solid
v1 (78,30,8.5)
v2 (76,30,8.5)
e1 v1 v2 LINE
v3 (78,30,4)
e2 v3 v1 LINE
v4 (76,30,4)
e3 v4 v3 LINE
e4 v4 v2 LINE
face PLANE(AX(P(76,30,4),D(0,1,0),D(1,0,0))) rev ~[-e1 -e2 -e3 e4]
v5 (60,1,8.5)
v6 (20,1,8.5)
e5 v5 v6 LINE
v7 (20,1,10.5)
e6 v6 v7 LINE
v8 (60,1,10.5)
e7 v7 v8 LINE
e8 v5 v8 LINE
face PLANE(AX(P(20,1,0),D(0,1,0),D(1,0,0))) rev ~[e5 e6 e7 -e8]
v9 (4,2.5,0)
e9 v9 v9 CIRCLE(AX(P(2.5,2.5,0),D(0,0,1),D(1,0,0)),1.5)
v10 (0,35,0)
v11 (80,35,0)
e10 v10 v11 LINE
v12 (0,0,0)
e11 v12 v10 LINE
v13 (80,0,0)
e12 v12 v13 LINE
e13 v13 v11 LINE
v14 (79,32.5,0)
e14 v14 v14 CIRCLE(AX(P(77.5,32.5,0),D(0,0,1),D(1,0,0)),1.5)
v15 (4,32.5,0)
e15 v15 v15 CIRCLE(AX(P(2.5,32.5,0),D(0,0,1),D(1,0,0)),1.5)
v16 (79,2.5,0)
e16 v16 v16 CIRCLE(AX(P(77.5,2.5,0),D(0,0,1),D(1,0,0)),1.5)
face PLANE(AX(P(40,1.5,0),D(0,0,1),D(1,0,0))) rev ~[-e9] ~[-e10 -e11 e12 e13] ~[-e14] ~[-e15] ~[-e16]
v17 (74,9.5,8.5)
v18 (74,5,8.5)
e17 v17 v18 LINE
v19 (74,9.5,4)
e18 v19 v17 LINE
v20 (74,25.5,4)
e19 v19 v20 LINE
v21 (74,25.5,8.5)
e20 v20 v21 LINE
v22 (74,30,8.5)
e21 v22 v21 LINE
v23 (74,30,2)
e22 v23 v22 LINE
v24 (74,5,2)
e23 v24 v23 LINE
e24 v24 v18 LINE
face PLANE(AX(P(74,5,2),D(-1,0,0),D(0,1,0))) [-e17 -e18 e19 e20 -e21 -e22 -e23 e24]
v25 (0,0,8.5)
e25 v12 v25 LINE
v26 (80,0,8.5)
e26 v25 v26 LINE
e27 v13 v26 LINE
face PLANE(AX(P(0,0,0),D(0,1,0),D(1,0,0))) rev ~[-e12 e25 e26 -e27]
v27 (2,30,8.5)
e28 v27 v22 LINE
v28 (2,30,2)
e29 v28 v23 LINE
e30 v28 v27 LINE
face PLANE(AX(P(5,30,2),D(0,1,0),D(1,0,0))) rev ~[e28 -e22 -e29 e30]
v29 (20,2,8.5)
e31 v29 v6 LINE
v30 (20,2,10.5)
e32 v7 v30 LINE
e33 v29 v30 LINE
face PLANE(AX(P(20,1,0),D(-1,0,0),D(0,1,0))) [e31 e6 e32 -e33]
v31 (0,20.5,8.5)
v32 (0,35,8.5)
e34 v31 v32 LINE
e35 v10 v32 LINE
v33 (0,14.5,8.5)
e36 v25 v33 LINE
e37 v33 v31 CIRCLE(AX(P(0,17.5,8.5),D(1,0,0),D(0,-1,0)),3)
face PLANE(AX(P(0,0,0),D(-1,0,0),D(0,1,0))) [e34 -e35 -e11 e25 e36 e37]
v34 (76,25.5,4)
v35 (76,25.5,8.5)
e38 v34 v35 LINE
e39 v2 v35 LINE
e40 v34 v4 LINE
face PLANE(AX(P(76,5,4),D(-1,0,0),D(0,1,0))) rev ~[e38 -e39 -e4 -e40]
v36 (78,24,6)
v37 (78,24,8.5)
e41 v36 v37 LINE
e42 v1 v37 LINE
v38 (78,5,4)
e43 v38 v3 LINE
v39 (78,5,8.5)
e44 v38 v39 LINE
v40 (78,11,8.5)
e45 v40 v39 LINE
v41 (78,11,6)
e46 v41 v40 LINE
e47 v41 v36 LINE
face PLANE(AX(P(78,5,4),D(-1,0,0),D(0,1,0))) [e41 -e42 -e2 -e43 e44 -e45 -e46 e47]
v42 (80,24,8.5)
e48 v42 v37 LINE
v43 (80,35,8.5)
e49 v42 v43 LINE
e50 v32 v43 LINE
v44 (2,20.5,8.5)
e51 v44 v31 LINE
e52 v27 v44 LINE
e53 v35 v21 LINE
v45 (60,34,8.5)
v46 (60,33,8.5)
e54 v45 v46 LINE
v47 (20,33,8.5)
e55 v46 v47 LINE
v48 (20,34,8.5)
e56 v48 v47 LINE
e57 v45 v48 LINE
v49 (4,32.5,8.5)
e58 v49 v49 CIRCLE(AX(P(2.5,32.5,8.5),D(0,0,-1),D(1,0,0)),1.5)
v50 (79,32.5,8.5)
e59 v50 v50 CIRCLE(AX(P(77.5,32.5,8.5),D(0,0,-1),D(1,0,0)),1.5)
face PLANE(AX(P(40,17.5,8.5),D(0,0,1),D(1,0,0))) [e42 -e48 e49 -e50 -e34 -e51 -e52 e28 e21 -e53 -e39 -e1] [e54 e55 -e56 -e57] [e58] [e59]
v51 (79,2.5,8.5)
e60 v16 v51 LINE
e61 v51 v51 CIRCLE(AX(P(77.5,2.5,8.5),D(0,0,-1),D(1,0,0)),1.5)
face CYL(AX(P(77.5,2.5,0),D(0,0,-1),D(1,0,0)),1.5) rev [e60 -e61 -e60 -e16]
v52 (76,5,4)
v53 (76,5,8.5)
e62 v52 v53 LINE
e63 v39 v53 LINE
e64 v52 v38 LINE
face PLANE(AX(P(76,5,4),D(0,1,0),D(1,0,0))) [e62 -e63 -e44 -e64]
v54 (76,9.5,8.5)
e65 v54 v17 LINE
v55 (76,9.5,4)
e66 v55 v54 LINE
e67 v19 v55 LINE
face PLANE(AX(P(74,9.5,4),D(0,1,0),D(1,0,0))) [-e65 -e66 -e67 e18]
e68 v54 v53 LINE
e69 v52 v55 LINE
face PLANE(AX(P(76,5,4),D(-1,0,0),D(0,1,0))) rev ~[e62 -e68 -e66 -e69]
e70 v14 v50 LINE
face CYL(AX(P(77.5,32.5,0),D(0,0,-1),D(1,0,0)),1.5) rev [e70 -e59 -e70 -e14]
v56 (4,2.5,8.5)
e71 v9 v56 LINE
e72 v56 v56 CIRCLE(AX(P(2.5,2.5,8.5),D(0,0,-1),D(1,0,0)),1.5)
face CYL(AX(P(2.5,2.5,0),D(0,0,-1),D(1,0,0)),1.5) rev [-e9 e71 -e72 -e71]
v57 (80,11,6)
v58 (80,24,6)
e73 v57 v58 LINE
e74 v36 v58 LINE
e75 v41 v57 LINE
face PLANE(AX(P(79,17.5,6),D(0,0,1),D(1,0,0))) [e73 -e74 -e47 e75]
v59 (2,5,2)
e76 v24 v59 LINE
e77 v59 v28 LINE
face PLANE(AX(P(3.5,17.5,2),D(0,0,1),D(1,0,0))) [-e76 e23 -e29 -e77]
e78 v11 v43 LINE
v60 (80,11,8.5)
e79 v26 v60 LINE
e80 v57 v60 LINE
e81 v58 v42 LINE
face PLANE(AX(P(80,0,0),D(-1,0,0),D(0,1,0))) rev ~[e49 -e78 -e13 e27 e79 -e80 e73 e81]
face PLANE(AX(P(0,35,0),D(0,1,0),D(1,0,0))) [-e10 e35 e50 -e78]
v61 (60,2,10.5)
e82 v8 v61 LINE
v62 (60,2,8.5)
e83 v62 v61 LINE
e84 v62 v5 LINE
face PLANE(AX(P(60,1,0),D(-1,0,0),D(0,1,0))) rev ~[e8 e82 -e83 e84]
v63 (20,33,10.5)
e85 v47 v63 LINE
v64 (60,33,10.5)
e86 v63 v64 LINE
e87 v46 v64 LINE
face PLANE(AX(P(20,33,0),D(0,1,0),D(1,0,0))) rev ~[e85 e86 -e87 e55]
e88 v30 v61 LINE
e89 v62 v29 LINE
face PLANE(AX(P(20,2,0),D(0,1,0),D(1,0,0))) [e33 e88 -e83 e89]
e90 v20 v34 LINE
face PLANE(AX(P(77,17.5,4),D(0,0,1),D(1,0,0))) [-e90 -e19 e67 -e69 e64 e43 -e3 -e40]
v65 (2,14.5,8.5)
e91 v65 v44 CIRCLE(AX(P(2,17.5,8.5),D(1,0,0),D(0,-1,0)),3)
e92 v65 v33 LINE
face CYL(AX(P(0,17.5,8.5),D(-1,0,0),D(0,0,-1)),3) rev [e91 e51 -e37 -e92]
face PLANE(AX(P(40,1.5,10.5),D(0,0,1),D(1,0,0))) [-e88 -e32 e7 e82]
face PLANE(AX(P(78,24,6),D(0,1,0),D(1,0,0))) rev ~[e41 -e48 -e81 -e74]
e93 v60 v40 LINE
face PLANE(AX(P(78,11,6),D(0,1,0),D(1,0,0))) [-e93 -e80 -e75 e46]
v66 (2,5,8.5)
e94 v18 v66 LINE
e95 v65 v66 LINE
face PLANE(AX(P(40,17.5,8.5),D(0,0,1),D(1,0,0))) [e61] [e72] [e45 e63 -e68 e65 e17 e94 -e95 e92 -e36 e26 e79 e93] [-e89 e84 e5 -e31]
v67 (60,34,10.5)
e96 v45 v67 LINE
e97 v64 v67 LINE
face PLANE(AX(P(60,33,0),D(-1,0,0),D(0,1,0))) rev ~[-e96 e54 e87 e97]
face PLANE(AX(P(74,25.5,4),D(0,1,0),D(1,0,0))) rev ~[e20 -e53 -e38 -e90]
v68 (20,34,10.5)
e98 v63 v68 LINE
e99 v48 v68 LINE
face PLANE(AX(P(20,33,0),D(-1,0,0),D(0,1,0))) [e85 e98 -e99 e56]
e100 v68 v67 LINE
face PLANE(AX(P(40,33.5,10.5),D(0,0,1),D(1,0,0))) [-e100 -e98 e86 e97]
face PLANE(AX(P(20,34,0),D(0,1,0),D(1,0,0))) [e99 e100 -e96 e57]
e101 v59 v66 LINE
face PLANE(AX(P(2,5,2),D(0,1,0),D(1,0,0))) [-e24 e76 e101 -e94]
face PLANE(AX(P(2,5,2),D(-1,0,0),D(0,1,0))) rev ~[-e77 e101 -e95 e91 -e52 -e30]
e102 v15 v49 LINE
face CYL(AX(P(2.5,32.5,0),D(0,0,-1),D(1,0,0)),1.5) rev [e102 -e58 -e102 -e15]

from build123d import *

# Parameters (mm, degrees)
CYLINDER004_R        = 1.5
CYLINDER004_DEPTH    = 10
CYLINDER003_R        = 1.5
CYLINDER003_DEPTH    = 10
CYLINDER002_R        = 1.5
CYLINDER002_DEPTH    = 10
CYLINDER001_R        = 1.5
CYLINDER001_DEPTH    = 10
BOX007_W             = 40
BOX007_H             = 1
BOX007_DEPTH         = 10.5
BOX006_W             = 40
BOX006_H             = 1
BOX006_DEPTH         = 10.5
BOX005_W             = 3
BOX005_H             = 25
BOX005_DEPTH         = 10
BOX004_W             = 2
BOX004_H             = 16
BOX004_DEPTH         = 9
BOX003_W             = 2
BOX003_H             = 13
BOX003_DEPTH         = 5
BOX002_W             = 2
BOX002_H             = 25
BOX002_DEPTH         = 9
BOX001_W             = 69
BOX001_H             = 25
BOX001_DEPTH         = 13
CYLINDER_R           = 3
CYLINDER_DEPTH       = 2
CYLINDER_PITCH_ANGLE = 90
BOX_W                = 80
BOX_H                = 35
BOX_DEPTH            = 8.5


with BuildPart() as cylinder004:
    # Cylinder004 → Cylinder004 (new body)
    with BuildSketch(Plane(origin=(2.5, 32.5, 0), x_dir=(1, 0, 0), z_dir=(0, 0, 1))):
        Circle(CYLINDER004_R)
    extrude(amount=CYLINDER004_DEPTH)


with BuildPart() as cylinder003:
    # Cylinder003 → Cylinder003 (new body)
    with BuildSketch(Plane(origin=(77.5, 32.5, 0), x_dir=(1, 0, 0), z_dir=(0, 0, 1))):
        Circle(CYLINDER003_R)
    extrude(amount=CYLINDER003_DEPTH)


with BuildPart() as cylinder002:
    # Cylinder002 → Cylinder002 (new body)
    with BuildSketch(Plane(origin=(77.5, 2.5, 0), x_dir=(1, 0, 0), z_dir=(0, 0, 1))):
        Circle(CYLINDER002_R)
    extrude(amount=CYLINDER002_DEPTH)


with BuildPart() as cylinder001:
    # Cylinder001 → Cylinder001 (new body)
    with BuildSketch(Plane(origin=(2.5, 2.5, 0), x_dir=(1, 0, 0), z_dir=(0, 0, 1))):
        Circle(CYLINDER001_R)
    extrude(amount=CYLINDER001_DEPTH)


with BuildPart() as box007:
    # Box007 → Box007 (new body)
    with BuildSketch(Plane(origin=(20, 1, 0), x_dir=(1, 0, 0), z_dir=(0, 0, 1))):
        with Locations((20, 0.5)):
            Rectangle(BOX007_W, BOX007_H)
    extrude(amount=BOX007_DEPTH)


with BuildPart() as box006:
    # Box006 → Box006 (new body)
    with BuildSketch(Plane(origin=(20, 33, 0), x_dir=(1, 0, 0), z_dir=(0, 0, 1))):
        with Locations((20, 0.5)):
            Rectangle(BOX006_W, BOX006_H)
    extrude(amount=BOX006_DEPTH)


with BuildPart() as box005:
    # Box005 → Box005 (new body)
    with BuildSketch(Plane(origin=(2, 5, 2), x_dir=(1, 0, 0), z_dir=(0, 0, 1))):
        with Locations((1.5, 12.5)):
            Rectangle(BOX005_W, BOX005_H)
    extrude(amount=BOX005_DEPTH)


with BuildPart() as box004:
    # Box004 → Box004 (new body)
    with BuildSketch(Plane(origin=(74, 9.5, 4), x_dir=(1, 0, 0), z_dir=(0, 0, 1))):
        with Locations((1, 8)):
            Rectangle(BOX004_W, BOX004_H)
    extrude(amount=BOX004_DEPTH)


with BuildPart() as u:
    # Box003 → Box003 (new body)
    with BuildSketch(Plane(origin=(78, 11, 6), x_dir=(1, 0, 0), z_dir=(0, 0, 1))):
        with Locations((1, 6.5)):
            Rectangle(BOX003_W, BOX003_H)
    extrude(amount=BOX003_DEPTH)


with BuildPart() as box002:
    # Box002 → Box002 (new body)
    with BuildSketch(Plane(origin=(76, 5, 4), x_dir=(1, 0, 0), z_dir=(0, 0, 1))):
        with Locations((1, 12.5)):
            Rectangle(BOX002_W, BOX002_H)
    extrude(amount=BOX002_DEPTH)


with BuildPart() as box001:
    # Box001 → Box001 (new body)
    with BuildSketch(Plane(origin=(5, 5, 2), x_dir=(1, 0, 0), z_dir=(0, 0, 1))):
        with Locations((34.5, 12.5)):
            Rectangle(BOX001_W, BOX001_H)
    extrude(amount=BOX001_DEPTH)


with BuildPart() as cylinder:
    # Cylinder → Cylinder (new body)
    with BuildSketch(Plane.XY):
        Circle(CYLINDER_R)
    extrude(amount=CYLINDER_DEPTH)


with BuildPart() as cylinder_1:
    # Cylinder pitch: moved
    add(cylinder.part.rotate(Axis((0, 0, 0), (0, 1, 0)), CYLINDER_PITCH_ANGLE))


with BuildPart() as cylinder_2:
    # Cylinder placement: moved
    add(cylinder_1.part.moved(Location((0, 17.5, 8.5))))


with BuildPart() as cut009:
    # Box → Box (new body)
    with BuildSketch(Plane.XY):
        with Locations((40, 17.5)):
            Rectangle(BOX_W, BOX_H)
    extrude(amount=BOX_DEPTH)

    # Cut: cut Cylinder
    add(cylinder_2.part, mode=Mode.SUBTRACT)

    # Cut001: cut Box001
    add(box001.part, mode=Mode.SUBTRACT)

    # Cut002: cut Box002
    add(box002.part, mode=Mode.SUBTRACT)

    # Cut003: cut U口
    add(u.part, mode=Mode.SUBTRACT)

    # Cut004: cut Box004
    add(box004.part, mode=Mode.SUBTRACT)

    # Cut005: cut Box005
    add(box005.part, mode=Mode.SUBTRACT)

    # Fusion: union Box006
    add(box006.part)

    # Fusion001: union Box007
    add(box007.part)

    # Cut006: cut Cylinder001
    add(cylinder001.part, mode=Mode.SUBTRACT)

    # Cut007: cut Cylinder002
    add(cylinder002.part, mode=Mode.SUBTRACT)

    # Cut008: cut Cylinder003
    add(cylinder003.part, mode=Mode.SUBTRACT)

    # Cut009: cut Cylinder004
    add(cylinder004.part, mode=Mode.SUBTRACT)


solid = cut009.part
